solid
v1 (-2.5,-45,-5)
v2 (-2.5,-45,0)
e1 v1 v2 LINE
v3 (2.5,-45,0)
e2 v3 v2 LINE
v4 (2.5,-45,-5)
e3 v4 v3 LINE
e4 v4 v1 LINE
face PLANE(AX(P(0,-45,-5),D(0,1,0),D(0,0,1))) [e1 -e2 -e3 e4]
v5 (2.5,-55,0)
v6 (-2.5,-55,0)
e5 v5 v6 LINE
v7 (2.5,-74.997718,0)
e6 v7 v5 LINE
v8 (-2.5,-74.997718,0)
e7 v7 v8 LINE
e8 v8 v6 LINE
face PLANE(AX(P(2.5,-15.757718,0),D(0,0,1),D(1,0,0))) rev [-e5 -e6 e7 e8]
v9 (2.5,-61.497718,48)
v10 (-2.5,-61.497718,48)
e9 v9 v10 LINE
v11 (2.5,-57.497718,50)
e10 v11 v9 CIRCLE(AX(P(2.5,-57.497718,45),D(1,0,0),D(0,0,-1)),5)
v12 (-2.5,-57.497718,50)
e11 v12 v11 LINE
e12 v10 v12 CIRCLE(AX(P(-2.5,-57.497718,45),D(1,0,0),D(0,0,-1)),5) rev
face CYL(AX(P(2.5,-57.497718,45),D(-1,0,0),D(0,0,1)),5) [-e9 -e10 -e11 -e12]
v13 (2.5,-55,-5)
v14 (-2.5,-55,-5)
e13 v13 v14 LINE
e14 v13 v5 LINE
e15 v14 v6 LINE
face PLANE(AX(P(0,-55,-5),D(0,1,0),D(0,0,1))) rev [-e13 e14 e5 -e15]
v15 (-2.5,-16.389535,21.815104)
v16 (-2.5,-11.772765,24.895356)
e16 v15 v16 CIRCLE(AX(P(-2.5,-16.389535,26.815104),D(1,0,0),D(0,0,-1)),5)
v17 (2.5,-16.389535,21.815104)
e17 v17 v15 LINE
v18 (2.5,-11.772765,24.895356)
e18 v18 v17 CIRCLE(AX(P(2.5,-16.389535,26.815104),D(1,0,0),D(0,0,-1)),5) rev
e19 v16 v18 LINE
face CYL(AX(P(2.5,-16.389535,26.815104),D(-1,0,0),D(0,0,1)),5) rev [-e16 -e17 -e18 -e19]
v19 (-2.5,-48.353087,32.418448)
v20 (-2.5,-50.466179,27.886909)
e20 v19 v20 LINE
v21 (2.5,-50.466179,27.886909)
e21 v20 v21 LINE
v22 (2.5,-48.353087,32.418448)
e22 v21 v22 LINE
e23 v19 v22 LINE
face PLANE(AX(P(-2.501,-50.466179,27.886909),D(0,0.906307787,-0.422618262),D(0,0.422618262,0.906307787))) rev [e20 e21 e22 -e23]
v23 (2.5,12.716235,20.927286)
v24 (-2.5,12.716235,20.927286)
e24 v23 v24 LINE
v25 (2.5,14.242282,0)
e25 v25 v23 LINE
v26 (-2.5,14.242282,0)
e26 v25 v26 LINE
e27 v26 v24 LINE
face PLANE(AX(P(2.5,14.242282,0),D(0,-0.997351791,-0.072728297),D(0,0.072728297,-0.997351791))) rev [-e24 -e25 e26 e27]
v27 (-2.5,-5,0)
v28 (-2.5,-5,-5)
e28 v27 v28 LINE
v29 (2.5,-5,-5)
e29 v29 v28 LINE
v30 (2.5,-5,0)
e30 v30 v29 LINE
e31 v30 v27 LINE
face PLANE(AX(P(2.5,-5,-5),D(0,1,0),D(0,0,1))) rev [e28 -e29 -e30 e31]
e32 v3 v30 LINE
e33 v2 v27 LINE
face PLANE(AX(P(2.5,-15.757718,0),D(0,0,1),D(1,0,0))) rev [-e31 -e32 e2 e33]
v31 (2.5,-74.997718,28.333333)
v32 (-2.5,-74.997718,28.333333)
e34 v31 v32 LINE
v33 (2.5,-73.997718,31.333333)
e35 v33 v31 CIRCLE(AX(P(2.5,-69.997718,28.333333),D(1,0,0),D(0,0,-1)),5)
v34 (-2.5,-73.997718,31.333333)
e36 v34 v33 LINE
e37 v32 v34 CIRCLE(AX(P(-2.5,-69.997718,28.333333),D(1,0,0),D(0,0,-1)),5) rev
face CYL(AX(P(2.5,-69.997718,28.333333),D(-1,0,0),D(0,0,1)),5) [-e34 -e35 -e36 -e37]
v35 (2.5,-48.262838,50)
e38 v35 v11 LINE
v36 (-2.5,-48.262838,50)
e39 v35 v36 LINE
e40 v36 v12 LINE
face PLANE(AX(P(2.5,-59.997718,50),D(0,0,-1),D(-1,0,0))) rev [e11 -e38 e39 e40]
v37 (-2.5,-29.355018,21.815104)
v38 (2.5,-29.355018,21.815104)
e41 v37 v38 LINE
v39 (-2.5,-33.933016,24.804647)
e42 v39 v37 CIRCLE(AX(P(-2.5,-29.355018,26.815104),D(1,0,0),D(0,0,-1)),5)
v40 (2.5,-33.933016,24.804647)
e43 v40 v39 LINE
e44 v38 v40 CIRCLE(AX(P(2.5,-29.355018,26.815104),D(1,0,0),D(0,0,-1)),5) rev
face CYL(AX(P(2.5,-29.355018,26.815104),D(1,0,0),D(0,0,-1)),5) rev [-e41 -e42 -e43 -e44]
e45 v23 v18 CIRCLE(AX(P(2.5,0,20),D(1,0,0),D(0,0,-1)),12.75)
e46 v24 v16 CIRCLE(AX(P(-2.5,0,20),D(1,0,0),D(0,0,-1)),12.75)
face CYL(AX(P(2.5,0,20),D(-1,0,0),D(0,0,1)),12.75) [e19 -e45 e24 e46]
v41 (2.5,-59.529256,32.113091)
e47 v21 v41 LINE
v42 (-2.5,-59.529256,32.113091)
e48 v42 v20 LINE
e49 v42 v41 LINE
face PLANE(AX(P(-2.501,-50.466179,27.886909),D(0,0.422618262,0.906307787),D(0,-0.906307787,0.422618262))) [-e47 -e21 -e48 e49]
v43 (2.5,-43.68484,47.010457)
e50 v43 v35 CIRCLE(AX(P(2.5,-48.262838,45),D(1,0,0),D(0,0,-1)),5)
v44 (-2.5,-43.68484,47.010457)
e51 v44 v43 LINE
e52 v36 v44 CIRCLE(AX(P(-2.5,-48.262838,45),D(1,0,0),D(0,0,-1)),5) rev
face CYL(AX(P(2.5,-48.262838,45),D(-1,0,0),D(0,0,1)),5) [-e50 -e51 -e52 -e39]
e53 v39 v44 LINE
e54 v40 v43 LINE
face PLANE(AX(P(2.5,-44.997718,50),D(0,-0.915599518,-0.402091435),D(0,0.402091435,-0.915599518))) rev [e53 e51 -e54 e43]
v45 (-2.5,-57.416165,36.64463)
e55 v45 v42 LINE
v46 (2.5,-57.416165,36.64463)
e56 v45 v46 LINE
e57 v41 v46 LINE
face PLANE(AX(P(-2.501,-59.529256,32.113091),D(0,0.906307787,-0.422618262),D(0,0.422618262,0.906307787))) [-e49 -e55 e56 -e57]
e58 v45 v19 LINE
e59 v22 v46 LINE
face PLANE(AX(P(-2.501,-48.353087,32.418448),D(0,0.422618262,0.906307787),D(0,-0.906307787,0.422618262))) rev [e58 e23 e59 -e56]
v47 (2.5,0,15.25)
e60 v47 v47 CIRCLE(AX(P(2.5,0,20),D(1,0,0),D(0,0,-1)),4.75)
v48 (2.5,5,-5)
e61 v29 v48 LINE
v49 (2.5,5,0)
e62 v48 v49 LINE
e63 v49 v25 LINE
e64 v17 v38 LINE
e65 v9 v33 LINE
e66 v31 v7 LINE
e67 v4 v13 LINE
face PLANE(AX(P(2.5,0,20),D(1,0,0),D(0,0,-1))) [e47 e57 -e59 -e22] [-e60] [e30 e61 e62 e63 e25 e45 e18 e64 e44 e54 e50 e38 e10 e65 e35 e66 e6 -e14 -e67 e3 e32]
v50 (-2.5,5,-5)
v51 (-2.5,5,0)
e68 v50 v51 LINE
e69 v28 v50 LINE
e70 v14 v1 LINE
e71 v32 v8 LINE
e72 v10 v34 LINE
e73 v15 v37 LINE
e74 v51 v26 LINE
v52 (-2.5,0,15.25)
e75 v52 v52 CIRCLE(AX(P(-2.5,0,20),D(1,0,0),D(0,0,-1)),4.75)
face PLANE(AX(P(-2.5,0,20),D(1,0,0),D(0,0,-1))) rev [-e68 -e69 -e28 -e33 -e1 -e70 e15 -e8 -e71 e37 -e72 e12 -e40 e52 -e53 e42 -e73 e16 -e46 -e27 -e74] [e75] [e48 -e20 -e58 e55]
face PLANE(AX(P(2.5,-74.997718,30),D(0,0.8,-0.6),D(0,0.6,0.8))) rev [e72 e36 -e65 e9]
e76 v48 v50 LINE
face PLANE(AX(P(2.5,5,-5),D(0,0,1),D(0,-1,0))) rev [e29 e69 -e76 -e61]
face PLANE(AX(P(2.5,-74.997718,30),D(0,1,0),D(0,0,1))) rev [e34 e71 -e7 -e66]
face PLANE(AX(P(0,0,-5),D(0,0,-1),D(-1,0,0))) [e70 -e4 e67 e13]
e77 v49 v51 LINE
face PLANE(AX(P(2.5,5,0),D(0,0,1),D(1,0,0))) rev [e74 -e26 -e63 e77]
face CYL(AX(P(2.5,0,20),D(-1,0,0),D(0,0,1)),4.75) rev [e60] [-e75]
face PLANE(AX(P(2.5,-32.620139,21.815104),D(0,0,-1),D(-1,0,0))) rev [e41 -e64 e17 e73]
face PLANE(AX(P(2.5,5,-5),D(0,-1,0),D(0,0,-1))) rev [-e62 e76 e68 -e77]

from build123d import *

# Parameters (mm, degrees)
SKETCH1_R           = 4.75
BOSS_EXTRUDE1_DEPTH = 2.5
FILLET1_R           = 5
CUT_EXTRUDE1_REACH  = 92.275
SKETCH3_W           = 5
SKETCH3_H           = 10
BOSS_EXTRUDE2_DEPTH = 5


with BuildPart() as part:
    # Sketch1 → Boss-Extrude1 (new, symmetric)
    with BuildSketch(Plane.YZ):
        with BuildLine():
            Line((-15.757717512, 0), (-5, 0))
            Line((-5, 0), (-5, -5))
            Line((-5, -5), (5, -5))
            Line((5, -5), (5, 0))
            Line((5, 0), (14.242282488, 0))
            Line((14.242282488, 0), (12.716235334, 20.927285791))
            ThreePointArc((12.716235334, 20.927285791), (0.446501859, 32.742179409), (-12.620138577, 21.815103933))
            Line((-12.620138577, 21.815103933), (-32.620138577, 21.815103933))
            Line((-32.620138577, 21.815103933), (-44.997717512, 50))
            Line((-44.997717512, 50), (-59.997717512, 50))
            Line((-59.997717512, 50), (-74.997717512, 30))
            Line((-74.997717512, 30), (-74.997717512, 0))
            Line((-74.997717512, 0), (-15.757717512, 0))
        make_face()
        with Locations(Location((0, 20, 0), (0, 0, 270))):
            Circle(SKETCH1_R, mode=Mode.SUBTRACT)
    extrude(amount=BOSS_EXTRUDE1_DEPTH, both=True)

    # Fillet1
    fillet1_edges = [part.edges().sort_by_distance(p)[0] for p in [
        (0, -74.997717512, 30),
        (0, -59.997717512, 50),
        (0, -44.997717512, 50),
        (0, -32.620138577, 21.815103933),
        (0, -12.620138577, 21.815103933),
    ]]
    fillet(fillet1_edges, radius=FILLET1_R)

    # Sketch2 → Cut-Extrude1 (cut, up to next)
    with BuildSketch(Plane.YZ.offset(2.5), mode=Mode.PRIVATE) as cut_extrude1_sk1:
        Polygon((-50.466178577, 27.886908691), (-59.529256447, 32.113091309), (-57.416165138, 36.644630244), (-48.353087268, 32.418447626), align=None)
    cut_extrude1_tool1 = extrude(cut_extrude1_sk1.sketch, amount=-CUT_EXTRUDE1_REACH, mode=Mode.PRIVATE) & part.part
    add(cut_extrude1_tool1.solids().sort_by_distance((2.5, -53.941172, 32.265769))[0], mode=Mode.SUBTRACT)

    # Sketch3 → Boss-Extrude2 (add)
    with BuildSketch(Plane(origin=(0, 0, 0), x_dir=(1, 0, 0), z_dir=(0, 0, -1))):
        with Locations((0, 50)):
            Rectangle(SKETCH3_W, SKETCH3_H)
    extrude(amount=BOSS_EXTRUDE2_DEPTH)


solid = part.part
